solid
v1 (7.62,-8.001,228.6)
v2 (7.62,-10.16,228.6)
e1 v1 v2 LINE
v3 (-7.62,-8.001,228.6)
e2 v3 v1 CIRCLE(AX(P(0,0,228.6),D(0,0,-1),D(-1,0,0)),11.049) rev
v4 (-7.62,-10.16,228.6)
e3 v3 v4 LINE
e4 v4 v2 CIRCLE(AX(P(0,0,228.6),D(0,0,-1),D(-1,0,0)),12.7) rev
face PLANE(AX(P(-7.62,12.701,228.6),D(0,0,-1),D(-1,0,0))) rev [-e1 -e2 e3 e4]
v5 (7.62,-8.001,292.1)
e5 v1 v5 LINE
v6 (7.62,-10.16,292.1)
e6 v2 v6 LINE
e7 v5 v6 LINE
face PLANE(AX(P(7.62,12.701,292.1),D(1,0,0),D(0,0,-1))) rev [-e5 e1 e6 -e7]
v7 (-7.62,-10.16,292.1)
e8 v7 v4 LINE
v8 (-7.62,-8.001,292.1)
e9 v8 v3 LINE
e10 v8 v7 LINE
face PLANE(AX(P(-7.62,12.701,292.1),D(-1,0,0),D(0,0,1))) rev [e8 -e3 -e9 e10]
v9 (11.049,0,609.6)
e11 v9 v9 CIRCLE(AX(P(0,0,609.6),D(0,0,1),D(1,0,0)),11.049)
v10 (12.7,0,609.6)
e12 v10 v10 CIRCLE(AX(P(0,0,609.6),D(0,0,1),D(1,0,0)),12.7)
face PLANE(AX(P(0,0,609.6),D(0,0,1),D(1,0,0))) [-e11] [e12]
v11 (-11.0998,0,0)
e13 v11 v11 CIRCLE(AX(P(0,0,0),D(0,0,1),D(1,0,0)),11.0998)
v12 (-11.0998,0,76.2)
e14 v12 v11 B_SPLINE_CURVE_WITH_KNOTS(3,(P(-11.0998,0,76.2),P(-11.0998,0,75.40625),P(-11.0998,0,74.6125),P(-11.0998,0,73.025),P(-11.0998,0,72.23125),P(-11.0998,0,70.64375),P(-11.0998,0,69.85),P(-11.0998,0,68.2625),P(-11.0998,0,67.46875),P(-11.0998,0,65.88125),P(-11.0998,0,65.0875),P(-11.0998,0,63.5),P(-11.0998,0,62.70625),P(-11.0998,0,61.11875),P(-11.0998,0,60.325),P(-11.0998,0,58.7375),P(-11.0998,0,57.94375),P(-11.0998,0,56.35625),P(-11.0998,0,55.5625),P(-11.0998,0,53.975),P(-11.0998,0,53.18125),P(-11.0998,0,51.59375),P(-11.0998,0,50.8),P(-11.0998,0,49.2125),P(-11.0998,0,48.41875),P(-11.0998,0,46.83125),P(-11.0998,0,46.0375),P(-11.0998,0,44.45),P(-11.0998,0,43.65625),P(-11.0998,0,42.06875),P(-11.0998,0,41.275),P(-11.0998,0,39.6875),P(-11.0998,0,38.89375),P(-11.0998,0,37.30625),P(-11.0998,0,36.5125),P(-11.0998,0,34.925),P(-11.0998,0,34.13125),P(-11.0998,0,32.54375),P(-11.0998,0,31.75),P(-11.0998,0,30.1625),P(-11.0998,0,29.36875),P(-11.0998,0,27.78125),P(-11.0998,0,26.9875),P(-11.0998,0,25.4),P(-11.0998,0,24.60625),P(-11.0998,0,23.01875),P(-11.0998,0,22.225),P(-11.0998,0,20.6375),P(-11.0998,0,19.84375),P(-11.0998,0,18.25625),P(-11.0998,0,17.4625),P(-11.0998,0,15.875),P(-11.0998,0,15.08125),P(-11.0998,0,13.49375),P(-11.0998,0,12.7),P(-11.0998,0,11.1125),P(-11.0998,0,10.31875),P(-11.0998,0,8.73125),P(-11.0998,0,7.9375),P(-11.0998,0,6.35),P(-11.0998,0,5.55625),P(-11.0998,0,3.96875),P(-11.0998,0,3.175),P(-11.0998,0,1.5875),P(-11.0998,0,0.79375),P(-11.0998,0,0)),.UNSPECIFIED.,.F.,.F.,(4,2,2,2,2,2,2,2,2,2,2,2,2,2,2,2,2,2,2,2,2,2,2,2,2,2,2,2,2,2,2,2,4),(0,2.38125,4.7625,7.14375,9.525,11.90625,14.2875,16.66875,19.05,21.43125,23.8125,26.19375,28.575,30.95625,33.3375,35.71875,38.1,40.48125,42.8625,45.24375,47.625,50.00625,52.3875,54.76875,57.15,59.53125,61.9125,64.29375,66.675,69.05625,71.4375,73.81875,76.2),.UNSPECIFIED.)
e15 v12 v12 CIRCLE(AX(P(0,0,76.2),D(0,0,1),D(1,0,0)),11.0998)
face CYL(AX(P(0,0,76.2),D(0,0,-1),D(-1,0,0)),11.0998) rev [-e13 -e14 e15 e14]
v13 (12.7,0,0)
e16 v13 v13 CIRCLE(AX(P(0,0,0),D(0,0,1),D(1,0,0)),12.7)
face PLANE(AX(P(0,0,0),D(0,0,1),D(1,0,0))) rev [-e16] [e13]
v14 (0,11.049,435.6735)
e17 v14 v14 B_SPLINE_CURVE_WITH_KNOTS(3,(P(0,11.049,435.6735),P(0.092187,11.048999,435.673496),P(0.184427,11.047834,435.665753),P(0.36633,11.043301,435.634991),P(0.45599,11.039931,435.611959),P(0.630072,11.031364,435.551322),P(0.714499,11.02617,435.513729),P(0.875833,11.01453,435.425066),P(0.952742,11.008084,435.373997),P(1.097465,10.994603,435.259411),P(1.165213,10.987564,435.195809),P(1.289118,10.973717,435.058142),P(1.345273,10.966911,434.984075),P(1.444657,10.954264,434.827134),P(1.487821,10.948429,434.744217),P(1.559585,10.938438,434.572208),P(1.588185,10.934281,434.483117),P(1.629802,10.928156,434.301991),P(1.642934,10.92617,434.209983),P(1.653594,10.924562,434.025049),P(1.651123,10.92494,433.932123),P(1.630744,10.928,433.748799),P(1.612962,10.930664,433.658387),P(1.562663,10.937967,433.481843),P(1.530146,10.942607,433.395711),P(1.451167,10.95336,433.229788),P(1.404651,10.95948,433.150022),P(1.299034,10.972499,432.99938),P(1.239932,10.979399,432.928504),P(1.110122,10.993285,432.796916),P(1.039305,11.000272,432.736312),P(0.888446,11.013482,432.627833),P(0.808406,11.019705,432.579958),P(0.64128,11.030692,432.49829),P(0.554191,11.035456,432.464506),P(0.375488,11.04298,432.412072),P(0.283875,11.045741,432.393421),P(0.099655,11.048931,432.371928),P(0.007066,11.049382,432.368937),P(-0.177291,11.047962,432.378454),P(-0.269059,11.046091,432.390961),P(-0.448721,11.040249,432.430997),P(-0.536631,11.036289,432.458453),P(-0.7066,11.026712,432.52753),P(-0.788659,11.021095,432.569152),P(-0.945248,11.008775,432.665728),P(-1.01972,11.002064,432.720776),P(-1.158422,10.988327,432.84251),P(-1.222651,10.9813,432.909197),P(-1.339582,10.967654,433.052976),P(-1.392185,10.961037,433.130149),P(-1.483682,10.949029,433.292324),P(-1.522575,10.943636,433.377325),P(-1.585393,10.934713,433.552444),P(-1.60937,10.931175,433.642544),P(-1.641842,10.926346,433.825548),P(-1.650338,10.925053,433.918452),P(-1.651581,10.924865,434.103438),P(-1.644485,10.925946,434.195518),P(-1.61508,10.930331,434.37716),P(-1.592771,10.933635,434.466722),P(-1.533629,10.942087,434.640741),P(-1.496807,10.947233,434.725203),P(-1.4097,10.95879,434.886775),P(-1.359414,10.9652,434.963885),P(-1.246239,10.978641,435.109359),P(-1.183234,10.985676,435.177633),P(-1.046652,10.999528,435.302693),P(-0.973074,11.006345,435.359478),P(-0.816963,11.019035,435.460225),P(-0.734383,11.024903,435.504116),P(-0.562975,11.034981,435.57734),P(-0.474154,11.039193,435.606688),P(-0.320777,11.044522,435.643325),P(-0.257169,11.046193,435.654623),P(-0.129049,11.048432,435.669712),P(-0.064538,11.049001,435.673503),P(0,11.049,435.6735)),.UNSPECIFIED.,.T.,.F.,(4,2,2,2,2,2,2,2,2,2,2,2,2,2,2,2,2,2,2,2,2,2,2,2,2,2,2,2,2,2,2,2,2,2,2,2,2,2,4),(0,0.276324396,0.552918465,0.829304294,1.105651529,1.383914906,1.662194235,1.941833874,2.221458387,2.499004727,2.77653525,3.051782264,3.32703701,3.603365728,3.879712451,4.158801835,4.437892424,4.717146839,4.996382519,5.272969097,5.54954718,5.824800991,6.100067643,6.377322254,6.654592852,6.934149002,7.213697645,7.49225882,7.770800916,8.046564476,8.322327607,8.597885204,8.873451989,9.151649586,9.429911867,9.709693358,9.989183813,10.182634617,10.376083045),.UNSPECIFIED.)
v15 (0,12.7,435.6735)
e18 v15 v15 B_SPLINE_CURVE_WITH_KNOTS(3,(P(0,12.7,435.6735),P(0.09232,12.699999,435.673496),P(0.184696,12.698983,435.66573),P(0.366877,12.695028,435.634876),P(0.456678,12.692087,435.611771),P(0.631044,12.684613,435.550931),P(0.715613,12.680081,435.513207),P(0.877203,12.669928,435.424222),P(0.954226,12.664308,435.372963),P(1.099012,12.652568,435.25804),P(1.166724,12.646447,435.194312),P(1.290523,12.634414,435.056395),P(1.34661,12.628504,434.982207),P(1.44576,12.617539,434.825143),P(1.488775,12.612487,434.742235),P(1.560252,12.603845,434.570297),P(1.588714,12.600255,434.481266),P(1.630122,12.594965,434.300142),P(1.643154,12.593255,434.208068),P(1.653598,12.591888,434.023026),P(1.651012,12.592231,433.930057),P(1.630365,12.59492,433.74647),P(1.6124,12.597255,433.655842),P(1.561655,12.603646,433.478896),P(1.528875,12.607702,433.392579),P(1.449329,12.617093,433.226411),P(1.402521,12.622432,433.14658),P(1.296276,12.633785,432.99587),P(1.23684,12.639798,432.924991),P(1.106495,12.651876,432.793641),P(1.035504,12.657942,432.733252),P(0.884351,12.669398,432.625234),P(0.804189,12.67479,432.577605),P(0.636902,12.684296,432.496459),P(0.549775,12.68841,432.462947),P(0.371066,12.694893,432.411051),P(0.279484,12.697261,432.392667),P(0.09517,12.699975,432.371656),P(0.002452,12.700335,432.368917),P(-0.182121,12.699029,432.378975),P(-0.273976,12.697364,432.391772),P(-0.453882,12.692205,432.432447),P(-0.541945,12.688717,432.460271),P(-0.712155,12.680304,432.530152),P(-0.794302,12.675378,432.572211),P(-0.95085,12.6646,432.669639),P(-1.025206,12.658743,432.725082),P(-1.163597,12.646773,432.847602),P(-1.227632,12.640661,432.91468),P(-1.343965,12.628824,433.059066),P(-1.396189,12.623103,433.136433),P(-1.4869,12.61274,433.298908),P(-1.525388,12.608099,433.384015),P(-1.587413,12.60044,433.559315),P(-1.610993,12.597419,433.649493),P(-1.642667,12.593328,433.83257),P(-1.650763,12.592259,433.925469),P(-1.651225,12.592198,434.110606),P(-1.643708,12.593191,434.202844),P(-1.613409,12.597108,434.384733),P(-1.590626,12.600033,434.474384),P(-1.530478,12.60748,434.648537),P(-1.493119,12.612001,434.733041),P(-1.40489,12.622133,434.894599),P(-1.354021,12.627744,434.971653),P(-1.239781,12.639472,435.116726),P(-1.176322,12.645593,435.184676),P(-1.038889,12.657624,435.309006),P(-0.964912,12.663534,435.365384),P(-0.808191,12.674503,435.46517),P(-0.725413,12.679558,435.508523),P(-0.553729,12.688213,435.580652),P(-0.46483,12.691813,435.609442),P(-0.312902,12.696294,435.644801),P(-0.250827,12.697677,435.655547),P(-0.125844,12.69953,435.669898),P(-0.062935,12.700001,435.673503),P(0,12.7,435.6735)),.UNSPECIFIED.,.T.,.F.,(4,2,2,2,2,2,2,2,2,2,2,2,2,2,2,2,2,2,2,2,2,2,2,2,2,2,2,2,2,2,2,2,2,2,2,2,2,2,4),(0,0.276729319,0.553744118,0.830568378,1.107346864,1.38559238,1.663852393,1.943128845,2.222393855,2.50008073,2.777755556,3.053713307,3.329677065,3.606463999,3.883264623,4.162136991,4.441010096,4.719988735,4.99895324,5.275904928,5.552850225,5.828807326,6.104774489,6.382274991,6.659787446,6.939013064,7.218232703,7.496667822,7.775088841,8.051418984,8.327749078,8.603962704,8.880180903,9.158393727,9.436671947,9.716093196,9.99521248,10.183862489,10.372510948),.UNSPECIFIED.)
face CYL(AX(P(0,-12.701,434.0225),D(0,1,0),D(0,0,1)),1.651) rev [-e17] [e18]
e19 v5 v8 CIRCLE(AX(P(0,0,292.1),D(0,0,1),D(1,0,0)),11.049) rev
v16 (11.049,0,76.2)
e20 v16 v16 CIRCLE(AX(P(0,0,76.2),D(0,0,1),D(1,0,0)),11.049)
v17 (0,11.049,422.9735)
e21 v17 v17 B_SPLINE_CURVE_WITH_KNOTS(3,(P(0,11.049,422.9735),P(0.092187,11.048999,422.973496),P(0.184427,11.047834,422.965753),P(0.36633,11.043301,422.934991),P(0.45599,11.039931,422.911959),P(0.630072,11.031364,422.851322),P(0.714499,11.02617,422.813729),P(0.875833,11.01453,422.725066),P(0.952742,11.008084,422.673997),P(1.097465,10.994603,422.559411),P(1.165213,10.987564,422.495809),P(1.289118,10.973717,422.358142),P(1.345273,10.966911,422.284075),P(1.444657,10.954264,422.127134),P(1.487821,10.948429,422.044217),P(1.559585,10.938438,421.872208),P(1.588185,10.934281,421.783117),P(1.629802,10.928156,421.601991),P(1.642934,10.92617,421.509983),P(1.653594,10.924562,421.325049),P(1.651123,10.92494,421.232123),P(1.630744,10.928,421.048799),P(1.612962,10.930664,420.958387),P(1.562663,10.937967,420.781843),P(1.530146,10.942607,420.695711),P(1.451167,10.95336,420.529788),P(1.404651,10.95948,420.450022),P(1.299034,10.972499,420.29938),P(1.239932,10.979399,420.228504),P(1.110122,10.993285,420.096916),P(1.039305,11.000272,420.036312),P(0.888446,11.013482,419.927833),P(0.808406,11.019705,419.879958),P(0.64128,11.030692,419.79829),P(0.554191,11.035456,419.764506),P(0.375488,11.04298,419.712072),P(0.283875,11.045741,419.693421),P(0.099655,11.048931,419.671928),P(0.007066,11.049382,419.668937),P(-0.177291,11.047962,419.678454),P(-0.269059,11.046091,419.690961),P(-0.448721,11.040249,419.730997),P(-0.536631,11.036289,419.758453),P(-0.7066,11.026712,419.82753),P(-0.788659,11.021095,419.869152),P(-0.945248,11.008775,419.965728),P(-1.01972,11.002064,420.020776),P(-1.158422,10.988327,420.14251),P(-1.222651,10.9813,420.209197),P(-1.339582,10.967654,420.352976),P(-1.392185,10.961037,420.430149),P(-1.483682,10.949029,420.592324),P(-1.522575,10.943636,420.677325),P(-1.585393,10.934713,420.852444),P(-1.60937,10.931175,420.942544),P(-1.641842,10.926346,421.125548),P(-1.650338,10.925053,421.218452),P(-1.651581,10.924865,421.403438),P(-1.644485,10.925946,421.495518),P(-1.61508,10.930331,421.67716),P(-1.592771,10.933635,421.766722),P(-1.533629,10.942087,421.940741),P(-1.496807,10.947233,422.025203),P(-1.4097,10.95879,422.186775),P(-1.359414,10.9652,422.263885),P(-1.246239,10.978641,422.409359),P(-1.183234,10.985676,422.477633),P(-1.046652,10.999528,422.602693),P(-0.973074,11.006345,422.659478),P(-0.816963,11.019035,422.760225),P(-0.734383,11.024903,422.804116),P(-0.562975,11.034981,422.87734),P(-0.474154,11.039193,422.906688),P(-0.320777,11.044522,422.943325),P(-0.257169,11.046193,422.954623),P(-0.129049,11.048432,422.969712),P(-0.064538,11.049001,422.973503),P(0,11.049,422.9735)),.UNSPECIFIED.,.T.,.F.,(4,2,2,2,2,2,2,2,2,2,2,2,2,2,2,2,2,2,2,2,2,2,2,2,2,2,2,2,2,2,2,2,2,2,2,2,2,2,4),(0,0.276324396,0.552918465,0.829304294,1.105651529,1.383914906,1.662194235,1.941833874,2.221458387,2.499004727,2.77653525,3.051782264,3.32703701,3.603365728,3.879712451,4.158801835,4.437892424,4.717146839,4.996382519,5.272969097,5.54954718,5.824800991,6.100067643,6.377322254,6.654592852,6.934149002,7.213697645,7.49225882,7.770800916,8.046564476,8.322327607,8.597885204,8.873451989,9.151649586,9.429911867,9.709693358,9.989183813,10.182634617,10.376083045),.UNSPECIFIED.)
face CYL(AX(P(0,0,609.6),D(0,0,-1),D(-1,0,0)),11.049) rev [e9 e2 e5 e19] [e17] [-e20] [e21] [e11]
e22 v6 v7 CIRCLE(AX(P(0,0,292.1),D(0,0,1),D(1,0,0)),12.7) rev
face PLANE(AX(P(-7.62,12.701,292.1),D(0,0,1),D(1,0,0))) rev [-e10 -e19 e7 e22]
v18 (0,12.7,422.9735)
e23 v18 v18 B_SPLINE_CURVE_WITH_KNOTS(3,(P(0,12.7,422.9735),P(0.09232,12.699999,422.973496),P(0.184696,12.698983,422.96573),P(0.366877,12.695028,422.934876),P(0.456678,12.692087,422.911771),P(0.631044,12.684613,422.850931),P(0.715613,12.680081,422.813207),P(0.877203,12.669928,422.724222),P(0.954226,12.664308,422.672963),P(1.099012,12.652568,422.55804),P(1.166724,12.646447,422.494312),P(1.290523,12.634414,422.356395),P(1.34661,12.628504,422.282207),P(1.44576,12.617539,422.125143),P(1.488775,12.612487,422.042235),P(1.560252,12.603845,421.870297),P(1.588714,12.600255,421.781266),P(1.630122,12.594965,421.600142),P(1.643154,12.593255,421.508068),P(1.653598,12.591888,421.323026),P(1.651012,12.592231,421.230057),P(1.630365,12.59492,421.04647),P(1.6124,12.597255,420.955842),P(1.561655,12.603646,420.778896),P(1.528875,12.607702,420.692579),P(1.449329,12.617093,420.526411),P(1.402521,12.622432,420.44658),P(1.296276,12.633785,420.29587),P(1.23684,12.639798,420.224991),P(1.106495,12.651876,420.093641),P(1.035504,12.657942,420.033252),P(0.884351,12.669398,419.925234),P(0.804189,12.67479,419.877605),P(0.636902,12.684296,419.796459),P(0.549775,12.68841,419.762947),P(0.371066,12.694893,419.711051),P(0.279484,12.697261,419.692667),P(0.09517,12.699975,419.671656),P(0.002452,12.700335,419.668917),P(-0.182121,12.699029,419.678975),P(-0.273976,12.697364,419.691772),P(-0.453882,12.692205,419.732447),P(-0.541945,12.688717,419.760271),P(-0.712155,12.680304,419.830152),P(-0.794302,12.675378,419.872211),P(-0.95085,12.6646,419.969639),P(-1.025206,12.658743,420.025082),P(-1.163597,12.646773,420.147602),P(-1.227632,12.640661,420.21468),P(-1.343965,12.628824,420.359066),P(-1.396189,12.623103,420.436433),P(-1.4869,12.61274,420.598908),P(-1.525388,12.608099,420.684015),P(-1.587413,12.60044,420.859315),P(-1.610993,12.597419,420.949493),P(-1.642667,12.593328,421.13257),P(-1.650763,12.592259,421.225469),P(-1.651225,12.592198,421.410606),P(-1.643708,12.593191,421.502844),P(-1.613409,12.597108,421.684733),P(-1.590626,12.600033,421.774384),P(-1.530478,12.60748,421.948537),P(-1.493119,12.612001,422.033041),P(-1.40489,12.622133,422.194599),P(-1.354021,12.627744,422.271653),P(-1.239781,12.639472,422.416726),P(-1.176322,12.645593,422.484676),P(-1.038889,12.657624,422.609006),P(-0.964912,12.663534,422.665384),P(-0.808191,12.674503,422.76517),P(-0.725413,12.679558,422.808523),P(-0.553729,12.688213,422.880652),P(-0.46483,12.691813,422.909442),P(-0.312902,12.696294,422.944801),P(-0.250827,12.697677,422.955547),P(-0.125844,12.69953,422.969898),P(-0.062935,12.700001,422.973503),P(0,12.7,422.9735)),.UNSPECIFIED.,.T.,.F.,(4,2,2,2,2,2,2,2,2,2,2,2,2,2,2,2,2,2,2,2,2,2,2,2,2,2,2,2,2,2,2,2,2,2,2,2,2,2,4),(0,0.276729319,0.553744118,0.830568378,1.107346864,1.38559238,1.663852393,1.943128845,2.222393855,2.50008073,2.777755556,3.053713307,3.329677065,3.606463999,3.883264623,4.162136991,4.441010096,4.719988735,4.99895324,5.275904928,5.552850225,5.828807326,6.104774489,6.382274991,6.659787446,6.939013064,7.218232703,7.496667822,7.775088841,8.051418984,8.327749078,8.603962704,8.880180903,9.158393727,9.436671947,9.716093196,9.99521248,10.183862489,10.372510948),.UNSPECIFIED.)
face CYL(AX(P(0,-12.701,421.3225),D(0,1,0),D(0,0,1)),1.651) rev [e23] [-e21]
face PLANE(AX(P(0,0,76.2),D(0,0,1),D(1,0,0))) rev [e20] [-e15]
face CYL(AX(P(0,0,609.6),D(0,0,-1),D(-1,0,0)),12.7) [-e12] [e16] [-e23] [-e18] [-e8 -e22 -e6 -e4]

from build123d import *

# Parameters (mm, degrees)
SKETCH1_R               = 12.7
SKETCH1_R_2             = 11.049
BOSS_EXTRUDE1_DEPTH     = 609.6
SKETCH2_R               = 11.0998
SKETCH2_R_2             = 11.049
CUT_EXTRUDE1_DEPTH      = 76.2
CUT_EXTRUDE2_REACH      = 612.261
CUT_EXTRUDE2_END_RADIUS = 11.049
SKETCH5_R               = 1.651
CUT_EXTRUDE3_REACH      = 612.261
CUT_EXTRUDE3_END_RADIUS = 11.049
SKETCH6_W               = 15.24
SKETCH6_H               = 63.5


with BuildPart() as part:
    # Sketch1 → Boss-Extrude1 (new body)
    with BuildSketch(Plane.XY):
        with Locations(Location((0, 0, 0), (0, 0, 180))):
            Circle(SKETCH1_R)
        with Locations(Location((0, 0, 0), (0, 0, 180))):
            Circle(SKETCH1_R_2, mode=Mode.SUBTRACT)
    extrude(amount=BOSS_EXTRUDE1_DEPTH)

    # Sketch2 → Cut-Extrude1 (cut)
    with BuildSketch(Plane.XY):
        with Locations(Location((0, 0, 0), (0, 0, 180))):
            Circle(SKETCH2_R)
        with Locations(Location((0, 0, 0), (0, 0, 180))):
            Circle(SKETCH2_R_2, mode=Mode.SUBTRACT)
    extrude(amount=CUT_EXTRUDE1_DEPTH, mode=Mode.SUBTRACT)

    # Cut-Extrude2: up to this cylinder (the profile starts outside it)
    cut_extrude2_end = Plane(origin=(0, 0, 427.6725), z_dir=(0, 0, -1)) * Cylinder(CUT_EXTRUDE2_END_RADIUS, 1260.32, mode=Mode.PRIVATE)
    # Sketch5 → Cut-Extrude2 (cut, up to the surface)
    with BuildSketch(Plane(origin=(0, 12.7, 0), x_dir=(1, 0, 0), z_dir=(0, 1, 0)), mode=Mode.PRIVATE) as cut_extrude2_sk1:
        with Locations(Location((0, -434.0225, 0), (0, 0, 270))):
            Circle(SKETCH5_R)
    cut_extrude2_tool1 = extrude(cut_extrude2_sk1.sketch, amount=-CUT_EXTRUDE2_REACH, mode=Mode.PRIVATE) - cut_extrude2_end
    add(cut_extrude2_tool1.solids().sort_by_distance((0, 12.7, 434.0225))[0], mode=Mode.SUBTRACT)
    # Sketch5 → Cut-Extrude2 (cut, up to the surface)
    with BuildSketch(Plane(origin=(0, 12.7, 0), x_dir=(1, 0, 0), z_dir=(0, 1, 0)), mode=Mode.PRIVATE) as cut_extrude2_sk2:
        with Locations(Location((0, -421.3225, 0), (0, 0, 270))):
            Circle(SKETCH5_R)
    cut_extrude2_tool2 = extrude(cut_extrude2_sk2.sketch, amount=-CUT_EXTRUDE2_REACH, mode=Mode.PRIVATE) - cut_extrude2_end
    add(cut_extrude2_tool2.solids().sort_by_distance((0, 12.7, 421.3225))[0], mode=Mode.SUBTRACT)

    # Cut-Extrude3: up to this cylinder (the profile starts outside it)
    cut_extrude3_end = Plane(origin=(0, 0, 260.35), z_dir=(0, 0, -1)) * Cylinder(CUT_EXTRUDE3_END_RADIUS, 1247.62, mode=Mode.PRIVATE)
    # Sketch6 → Cut-Extrude3 (cut, up to the surface)
    with BuildSketch(Plane(origin=(0, -12.7, 0), x_dir=(-1, 0, 0), z_dir=(0, -1, 0)), mode=Mode.PRIVATE) as cut_extrude3_sk1:
        with Locations((0, -260.35)):
            Rectangle(SKETCH6_W, SKETCH6_H)
    cut_extrude3_tool1 = extrude(cut_extrude3_sk1.sketch, amount=-CUT_EXTRUDE3_REACH, mode=Mode.PRIVATE) - cut_extrude3_end
    add(cut_extrude3_tool1.solids().sort_by_distance((0, -12.7, 260.35))[0], mode=Mode.SUBTRACT)


solid = part.part
